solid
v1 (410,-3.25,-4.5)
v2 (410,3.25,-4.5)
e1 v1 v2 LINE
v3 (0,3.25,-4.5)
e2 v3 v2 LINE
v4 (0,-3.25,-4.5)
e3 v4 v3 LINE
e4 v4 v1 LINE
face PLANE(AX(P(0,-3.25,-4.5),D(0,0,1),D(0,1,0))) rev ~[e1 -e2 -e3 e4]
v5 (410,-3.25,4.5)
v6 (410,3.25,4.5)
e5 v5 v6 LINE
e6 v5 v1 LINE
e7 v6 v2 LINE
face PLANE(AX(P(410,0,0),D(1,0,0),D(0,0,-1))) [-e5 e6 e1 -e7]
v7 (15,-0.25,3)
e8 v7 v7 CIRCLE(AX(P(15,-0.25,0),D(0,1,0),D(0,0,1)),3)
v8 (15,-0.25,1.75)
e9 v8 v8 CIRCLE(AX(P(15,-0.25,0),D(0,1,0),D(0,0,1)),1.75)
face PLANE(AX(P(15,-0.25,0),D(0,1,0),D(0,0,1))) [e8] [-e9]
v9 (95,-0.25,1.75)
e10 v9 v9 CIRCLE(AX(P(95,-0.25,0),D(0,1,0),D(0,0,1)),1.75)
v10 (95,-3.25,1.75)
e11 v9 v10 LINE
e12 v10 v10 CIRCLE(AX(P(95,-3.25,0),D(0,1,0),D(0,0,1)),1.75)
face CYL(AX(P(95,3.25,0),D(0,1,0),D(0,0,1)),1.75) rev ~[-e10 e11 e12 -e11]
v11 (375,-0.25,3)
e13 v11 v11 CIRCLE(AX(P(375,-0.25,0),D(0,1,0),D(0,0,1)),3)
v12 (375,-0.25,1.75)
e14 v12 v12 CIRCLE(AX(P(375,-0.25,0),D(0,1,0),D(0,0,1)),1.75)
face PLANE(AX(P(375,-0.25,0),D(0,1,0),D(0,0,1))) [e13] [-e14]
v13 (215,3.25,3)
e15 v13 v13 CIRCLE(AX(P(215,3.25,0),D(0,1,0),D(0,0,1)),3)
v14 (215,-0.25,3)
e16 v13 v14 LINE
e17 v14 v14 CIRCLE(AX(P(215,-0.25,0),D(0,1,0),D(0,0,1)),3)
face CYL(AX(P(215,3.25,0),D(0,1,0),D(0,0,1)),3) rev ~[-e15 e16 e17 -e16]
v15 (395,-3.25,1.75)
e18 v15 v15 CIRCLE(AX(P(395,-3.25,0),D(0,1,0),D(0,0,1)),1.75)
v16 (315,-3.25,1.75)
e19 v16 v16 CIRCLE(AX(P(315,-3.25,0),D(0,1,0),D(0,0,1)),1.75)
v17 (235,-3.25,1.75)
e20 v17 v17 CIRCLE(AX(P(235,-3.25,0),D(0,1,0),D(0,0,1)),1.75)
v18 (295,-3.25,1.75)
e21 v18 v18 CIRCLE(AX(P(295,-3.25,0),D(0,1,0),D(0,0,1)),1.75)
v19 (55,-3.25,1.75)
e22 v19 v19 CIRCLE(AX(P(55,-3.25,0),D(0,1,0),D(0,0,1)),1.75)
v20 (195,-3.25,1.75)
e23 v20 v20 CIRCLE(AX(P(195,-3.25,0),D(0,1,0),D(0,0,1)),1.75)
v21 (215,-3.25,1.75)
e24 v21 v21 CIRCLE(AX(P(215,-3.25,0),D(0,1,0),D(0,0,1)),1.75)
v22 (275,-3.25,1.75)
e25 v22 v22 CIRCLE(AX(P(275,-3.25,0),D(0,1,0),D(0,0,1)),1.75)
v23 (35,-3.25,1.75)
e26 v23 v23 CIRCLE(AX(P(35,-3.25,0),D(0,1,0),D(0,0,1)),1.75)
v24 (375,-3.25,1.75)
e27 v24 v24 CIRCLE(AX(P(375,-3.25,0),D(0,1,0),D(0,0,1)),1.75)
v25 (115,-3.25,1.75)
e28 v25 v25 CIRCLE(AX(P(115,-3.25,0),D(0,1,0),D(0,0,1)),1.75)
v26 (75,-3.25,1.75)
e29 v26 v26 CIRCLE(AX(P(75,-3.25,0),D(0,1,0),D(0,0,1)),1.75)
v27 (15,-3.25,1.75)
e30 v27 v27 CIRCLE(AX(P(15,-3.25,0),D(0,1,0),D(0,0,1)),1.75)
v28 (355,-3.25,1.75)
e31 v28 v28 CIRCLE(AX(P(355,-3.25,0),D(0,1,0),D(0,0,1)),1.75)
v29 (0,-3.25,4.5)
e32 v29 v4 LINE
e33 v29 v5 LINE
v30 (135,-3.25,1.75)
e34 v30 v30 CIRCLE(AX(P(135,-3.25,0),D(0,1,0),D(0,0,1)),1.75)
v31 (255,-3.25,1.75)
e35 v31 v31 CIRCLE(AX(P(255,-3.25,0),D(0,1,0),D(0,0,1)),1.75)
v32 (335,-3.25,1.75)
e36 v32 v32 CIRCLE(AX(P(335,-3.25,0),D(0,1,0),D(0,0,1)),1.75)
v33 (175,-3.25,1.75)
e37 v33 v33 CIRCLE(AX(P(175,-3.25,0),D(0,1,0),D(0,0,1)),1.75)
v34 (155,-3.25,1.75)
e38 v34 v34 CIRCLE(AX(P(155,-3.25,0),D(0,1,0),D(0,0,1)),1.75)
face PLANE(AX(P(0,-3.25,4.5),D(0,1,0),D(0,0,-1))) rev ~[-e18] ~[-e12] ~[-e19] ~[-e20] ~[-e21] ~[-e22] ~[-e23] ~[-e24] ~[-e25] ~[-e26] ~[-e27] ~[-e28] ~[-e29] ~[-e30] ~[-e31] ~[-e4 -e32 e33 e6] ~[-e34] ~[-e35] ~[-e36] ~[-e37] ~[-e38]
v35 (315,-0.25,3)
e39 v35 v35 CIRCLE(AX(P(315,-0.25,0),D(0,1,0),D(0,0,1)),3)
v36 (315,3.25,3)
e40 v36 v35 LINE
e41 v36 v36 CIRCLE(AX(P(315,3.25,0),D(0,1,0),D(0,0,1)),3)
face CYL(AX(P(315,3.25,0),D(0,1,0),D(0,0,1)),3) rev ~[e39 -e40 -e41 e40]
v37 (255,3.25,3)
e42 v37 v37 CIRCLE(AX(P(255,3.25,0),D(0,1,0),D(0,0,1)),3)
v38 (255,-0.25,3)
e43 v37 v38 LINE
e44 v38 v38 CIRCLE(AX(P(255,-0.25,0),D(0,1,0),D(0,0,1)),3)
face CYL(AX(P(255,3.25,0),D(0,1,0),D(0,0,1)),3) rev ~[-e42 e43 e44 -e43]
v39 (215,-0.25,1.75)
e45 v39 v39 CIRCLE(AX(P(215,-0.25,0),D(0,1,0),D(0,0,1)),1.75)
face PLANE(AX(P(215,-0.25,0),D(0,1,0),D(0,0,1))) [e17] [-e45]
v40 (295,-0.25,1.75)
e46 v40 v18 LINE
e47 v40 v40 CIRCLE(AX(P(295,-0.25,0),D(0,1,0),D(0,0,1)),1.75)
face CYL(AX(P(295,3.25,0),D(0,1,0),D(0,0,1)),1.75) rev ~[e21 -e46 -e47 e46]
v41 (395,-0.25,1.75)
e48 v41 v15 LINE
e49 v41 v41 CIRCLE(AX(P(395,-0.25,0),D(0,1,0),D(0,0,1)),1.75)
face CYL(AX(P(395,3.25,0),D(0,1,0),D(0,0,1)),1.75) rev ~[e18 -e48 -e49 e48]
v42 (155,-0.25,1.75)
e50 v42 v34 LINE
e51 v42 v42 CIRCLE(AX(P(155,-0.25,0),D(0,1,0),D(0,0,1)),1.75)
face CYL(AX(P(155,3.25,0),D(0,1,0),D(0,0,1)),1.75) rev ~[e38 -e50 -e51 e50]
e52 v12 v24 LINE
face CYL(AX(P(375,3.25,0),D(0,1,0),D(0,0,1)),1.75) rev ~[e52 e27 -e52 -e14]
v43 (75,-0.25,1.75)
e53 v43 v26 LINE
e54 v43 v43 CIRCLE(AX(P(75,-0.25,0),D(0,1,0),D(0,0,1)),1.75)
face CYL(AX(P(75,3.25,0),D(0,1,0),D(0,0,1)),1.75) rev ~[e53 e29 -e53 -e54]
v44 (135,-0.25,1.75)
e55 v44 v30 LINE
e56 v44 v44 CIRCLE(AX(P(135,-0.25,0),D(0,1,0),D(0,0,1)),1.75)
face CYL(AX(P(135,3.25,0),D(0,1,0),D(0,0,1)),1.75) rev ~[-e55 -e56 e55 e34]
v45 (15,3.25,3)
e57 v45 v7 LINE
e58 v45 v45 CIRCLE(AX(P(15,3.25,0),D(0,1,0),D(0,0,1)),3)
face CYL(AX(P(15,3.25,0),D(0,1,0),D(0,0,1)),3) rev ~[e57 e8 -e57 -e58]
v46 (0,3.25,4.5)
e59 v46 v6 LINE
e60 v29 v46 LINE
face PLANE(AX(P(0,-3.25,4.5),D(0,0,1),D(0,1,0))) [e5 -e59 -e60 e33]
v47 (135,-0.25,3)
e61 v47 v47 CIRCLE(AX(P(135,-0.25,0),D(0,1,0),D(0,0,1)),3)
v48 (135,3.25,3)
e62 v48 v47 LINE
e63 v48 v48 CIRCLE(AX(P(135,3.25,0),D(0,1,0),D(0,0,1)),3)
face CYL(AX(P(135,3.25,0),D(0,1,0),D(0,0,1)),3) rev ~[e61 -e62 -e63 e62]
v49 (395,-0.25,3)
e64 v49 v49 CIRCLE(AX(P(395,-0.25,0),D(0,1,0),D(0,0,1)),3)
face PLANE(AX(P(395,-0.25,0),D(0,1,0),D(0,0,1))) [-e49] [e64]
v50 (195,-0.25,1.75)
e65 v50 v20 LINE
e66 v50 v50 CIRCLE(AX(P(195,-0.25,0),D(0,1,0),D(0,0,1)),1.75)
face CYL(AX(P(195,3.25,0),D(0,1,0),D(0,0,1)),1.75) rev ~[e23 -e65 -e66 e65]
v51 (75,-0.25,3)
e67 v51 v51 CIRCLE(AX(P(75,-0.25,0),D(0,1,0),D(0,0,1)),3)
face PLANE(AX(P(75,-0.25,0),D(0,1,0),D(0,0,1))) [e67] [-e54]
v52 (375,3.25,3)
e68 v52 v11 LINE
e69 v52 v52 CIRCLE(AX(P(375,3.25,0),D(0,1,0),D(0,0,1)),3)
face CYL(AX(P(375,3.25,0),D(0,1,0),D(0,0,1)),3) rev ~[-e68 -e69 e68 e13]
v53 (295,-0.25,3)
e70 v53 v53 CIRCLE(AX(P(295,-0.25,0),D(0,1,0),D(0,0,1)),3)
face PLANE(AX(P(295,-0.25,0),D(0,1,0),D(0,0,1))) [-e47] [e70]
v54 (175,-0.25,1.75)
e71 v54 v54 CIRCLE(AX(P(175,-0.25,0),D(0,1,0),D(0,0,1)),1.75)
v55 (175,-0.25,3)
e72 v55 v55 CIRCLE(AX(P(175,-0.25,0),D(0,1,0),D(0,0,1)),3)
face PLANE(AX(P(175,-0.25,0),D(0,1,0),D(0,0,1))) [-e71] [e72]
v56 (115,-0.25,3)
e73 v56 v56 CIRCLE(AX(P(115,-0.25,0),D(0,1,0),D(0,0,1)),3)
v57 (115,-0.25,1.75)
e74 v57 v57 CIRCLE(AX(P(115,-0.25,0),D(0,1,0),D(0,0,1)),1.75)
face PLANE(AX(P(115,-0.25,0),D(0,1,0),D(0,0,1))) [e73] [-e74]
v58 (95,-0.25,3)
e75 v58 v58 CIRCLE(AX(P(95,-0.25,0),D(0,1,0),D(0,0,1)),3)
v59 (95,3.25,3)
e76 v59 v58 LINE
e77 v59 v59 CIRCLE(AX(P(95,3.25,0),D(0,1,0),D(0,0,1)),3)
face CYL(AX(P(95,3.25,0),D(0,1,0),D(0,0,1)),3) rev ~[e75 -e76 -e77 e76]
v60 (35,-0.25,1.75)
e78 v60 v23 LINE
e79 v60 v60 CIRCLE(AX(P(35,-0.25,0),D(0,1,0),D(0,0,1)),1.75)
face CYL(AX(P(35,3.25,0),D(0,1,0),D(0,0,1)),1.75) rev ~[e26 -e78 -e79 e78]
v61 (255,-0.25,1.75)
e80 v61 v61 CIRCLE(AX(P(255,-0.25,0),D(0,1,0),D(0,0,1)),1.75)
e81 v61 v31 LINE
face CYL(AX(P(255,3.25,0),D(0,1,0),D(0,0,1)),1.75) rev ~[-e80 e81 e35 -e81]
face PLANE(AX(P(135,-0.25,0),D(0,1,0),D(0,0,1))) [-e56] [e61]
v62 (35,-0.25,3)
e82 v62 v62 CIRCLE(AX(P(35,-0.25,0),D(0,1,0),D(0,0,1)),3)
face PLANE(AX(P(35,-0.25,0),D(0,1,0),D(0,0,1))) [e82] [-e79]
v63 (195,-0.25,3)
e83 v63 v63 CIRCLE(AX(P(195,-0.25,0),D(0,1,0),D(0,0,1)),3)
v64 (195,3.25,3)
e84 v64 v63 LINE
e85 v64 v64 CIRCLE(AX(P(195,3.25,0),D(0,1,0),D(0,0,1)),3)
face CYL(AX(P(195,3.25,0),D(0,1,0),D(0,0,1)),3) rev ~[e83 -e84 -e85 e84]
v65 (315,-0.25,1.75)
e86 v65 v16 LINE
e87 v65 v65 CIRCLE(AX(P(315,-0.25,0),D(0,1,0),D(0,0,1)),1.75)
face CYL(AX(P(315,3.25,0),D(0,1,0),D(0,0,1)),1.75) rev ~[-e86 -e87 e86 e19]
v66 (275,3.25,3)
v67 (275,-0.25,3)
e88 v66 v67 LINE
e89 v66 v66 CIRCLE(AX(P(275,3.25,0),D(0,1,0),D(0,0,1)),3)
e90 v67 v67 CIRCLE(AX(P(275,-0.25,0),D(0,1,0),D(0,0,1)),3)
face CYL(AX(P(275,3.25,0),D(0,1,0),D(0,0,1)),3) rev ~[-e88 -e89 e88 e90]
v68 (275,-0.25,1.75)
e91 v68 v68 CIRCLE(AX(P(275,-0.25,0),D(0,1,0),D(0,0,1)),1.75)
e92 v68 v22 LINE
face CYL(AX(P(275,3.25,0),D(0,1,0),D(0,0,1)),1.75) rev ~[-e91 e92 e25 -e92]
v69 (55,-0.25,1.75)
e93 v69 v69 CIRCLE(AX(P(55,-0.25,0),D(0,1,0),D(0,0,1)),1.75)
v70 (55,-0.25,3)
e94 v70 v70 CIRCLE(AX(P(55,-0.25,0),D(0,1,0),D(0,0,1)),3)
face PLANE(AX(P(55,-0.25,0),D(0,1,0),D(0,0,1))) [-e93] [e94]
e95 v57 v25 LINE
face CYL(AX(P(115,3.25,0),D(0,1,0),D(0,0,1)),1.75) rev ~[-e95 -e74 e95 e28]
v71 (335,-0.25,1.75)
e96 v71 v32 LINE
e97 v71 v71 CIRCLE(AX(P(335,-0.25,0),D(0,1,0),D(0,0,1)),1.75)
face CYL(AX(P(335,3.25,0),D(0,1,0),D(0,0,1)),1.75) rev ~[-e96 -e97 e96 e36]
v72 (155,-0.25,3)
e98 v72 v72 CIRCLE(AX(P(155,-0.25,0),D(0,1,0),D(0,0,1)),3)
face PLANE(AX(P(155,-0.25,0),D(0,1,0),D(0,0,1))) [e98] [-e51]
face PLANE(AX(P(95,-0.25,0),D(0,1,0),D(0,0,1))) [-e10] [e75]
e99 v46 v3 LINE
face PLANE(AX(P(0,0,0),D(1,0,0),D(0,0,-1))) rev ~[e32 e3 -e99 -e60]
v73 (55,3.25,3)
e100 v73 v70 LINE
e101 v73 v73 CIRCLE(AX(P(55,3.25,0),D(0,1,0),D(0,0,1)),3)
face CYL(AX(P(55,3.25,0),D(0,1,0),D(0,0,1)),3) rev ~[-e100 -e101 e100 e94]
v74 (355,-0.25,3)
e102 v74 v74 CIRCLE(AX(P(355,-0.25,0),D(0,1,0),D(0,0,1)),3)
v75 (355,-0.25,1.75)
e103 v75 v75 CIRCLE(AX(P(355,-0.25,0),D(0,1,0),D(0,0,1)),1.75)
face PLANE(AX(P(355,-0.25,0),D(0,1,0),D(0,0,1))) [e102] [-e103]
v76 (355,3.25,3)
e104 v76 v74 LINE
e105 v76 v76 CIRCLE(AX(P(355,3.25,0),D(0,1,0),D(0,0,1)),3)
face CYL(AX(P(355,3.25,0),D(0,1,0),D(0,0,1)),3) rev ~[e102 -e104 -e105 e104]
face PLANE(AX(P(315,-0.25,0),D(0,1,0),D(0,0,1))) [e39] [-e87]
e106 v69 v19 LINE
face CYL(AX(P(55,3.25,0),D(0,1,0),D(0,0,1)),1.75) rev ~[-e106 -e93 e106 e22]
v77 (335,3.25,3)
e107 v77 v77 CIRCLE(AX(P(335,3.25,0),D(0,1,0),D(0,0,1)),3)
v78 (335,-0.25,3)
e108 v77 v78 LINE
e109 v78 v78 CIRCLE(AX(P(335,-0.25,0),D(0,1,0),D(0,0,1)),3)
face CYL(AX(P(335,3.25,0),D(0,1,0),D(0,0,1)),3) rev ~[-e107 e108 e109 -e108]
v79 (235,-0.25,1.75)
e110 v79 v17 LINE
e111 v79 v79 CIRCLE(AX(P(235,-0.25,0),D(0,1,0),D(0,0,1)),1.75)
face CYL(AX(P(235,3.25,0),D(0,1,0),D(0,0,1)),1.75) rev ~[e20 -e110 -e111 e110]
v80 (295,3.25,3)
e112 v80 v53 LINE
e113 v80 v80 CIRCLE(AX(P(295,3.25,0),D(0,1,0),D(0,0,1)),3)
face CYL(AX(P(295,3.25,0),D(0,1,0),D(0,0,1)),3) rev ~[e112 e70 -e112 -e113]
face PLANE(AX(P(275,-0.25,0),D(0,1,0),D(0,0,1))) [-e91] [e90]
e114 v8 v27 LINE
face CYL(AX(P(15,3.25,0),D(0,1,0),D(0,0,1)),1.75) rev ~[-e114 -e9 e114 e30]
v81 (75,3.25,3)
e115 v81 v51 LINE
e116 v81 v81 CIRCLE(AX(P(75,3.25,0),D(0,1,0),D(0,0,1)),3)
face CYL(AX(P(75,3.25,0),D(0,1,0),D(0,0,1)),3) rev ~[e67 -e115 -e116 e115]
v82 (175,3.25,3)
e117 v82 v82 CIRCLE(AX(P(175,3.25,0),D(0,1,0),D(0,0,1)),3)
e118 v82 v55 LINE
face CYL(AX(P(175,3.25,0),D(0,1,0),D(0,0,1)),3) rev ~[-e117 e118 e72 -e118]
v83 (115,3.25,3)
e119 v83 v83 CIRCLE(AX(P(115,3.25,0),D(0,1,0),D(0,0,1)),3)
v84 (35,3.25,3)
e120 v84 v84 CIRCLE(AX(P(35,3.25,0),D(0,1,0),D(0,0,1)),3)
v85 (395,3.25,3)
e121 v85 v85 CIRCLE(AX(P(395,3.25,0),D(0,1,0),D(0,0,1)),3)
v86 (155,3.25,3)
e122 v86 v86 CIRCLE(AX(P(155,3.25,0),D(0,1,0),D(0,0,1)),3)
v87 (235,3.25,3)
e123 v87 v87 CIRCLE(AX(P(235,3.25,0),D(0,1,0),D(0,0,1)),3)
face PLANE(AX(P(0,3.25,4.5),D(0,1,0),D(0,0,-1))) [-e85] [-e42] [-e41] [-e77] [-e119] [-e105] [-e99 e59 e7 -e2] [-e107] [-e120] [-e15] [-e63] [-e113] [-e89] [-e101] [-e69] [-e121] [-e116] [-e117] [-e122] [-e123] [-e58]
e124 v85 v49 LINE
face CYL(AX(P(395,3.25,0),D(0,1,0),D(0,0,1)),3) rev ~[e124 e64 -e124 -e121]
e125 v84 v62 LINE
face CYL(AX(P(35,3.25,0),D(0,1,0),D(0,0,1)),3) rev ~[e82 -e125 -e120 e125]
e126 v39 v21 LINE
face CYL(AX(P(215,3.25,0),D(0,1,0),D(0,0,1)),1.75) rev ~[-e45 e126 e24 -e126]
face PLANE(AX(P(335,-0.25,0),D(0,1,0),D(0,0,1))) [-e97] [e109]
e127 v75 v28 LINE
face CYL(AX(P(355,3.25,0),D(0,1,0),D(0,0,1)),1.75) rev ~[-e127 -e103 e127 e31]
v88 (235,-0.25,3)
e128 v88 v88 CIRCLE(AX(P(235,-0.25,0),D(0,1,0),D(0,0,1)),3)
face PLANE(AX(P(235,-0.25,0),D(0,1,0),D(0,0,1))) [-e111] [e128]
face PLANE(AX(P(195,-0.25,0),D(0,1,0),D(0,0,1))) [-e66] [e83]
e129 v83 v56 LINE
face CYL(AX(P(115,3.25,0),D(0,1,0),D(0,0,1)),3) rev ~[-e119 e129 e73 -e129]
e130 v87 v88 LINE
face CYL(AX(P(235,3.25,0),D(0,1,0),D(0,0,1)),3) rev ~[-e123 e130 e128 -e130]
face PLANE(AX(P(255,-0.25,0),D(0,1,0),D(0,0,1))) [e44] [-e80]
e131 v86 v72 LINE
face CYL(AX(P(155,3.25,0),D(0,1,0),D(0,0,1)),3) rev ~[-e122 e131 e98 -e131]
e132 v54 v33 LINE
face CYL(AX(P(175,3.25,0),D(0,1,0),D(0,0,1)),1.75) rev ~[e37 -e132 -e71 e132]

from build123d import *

# Parameters (mm, degrees)
SKETCH_2_W          = 9
SKETCH_2_H          = 6.5
EXTRUDE_1_DEPTH     = 410
SKETCH_3_R          = 3
CUT_EXTRUDE_1_DEPTH = 3.5
SKETCH_4_R          = 1.75
CUT_EXTRUDE_2_DEPTH = 411.076212429


with BuildPart() as part:
    # 草图2 → 凸台-拉伸1 (new body)
    with BuildSketch(Plane(origin=(0, 0, 0), x_dir=(0, 0, -1), z_dir=(1, 0, 0))):
        Rectangle(SKETCH_2_W, SKETCH_2_H)
    extrude(amount=EXTRUDE_1_DEPTH)

    # 草图3 → 切除-拉伸1 (cut)
    with BuildSketch(Plane(origin=(0, 3.25, 0), x_dir=(1, 0, 0), z_dir=(0, 1, 0))):
        with Locations(Location((15, 0, 0), (0, 0, 270))):
            Circle(SKETCH_3_R)
        with Locations(Location((35, 0, 0), (0, 0, 270))):
            Circle(SKETCH_3_R)
        with Locations(Location((55, 0, 0), (0, 0, 270))):
            Circle(SKETCH_3_R)
        with Locations(Location((75, 0, 0), (0, 0, 270))):
            Circle(SKETCH_3_R)
        with Locations(Location((95, 0, 0), (0, 0, 270))):
            Circle(SKETCH_3_R)
        with Locations(Location((115, 0, 0), (0, 0, 270))):
            Circle(SKETCH_3_R)
        with Locations(Location((135, 0, 0), (0, 0, 270))):
            Circle(SKETCH_3_R)
        with Locations(Location((155, 0, 0), (0, 0, 270))):
            Circle(SKETCH_3_R)
        with Locations(Location((175, 0, 0), (0, 0, 270))):
            Circle(SKETCH_3_R)
        with Locations(Location((195, 0, 0), (0, 0, 270))):
            Circle(SKETCH_3_R)
        with Locations(Location((215, 0, 0), (0, 0, 270))):
            Circle(SKETCH_3_R)
        with Locations(Location((235, 0, 0), (0, 0, 270))):
            Circle(SKETCH_3_R)
        with Locations(Location((255, 0, 0), (0, 0, 270))):
            Circle(SKETCH_3_R)
        with Locations(Location((275, 0, 0), (0, 0, 270))):
            Circle(SKETCH_3_R)
        with Locations(Location((295, 0, 0), (0, 0, 270))):
            Circle(SKETCH_3_R)
        with Locations(Location((315, 0, 0), (0, 0, 270))):
            Circle(SKETCH_3_R)
        with Locations(Location((335, 0, 0), (0, 0, 270))):
            Circle(SKETCH_3_R)
        with Locations(Location((355, 0, 0), (0, 0, 270))):
            Circle(SKETCH_3_R)
        with Locations(Location((375, 0, 0), (0, 0, 270))):
            Circle(SKETCH_3_R)
        with Locations(Location((395, 0, 0), (0, 0, 270))):
            Circle(SKETCH_3_R)
    extrude(amount=-CUT_EXTRUDE_1_DEPTH, mode=Mode.SUBTRACT)

    # 草图4 → 切除-拉伸2 (cut, through all)
    with BuildSketch(Plane(origin=(0, 3.25, 0), x_dir=(1, 0, 0), z_dir=(0, 1, 0))):
        with Locations(Location((15, 0, 0), (0, 0, 270))):
            Circle(SKETCH_4_R)
        with Locations(Location((35, 0, 0), (0, 0, 270))):
            Circle(SKETCH_4_R)
        with Locations(Location((55, 0, 0), (0, 0, 270))):
            Circle(SKETCH_4_R)
        with Locations(Location((75, 0, 0), (0, 0, 270))):
            Circle(SKETCH_4_R)
        with Locations(Location((95, 0, 0), (0, 0, 270))):
            Circle(SKETCH_4_R)
        with Locations(Location((115, 0, 0), (0, 0, 270))):
            Circle(SKETCH_4_R)
        with Locations(Location((135, 0, 0), (0, 0, 270))):
            Circle(SKETCH_4_R)
        with Locations(Location((155, 0, 0), (0, 0, 270))):
            Circle(SKETCH_4_R)
        with Locations(Location((175, 0, 0), (0, 0, 270))):
            Circle(SKETCH_4_R)
        with Locations(Location((195, 0, 0), (0, 0, 270))):
            Circle(SKETCH_4_R)
        with Locations(Location((215, 0, 0), (0, 0, 270))):
            Circle(SKETCH_4_R)
        with Locations(Location((235, 0, 0), (0, 0, 270))):
            Circle(SKETCH_4_R)
        with Locations(Location((255, 0, 0), (0, 0, 270))):
            Circle(SKETCH_4_R)
        with Locations(Location((275, 0, 0), (0, 0, 270))):
            Circle(SKETCH_4_R)
        with Locations(Location((295, 0, 0), (0, 0, 270))):
            Circle(SKETCH_4_R)
        with Locations(Location((315, 0, 0), (0, 0, 270))):
            Circle(SKETCH_4_R)
        with Locations(Location((335, 0, 0), (0, 0, 270))):
            Circle(SKETCH_4_R)
        with Locations(Location((355, 0, 0), (0, 0, 270))):
            Circle(SKETCH_4_R)
        with Locations(Location((375, 0, 0), (0, 0, 270))):
            Circle(SKETCH_4_R)
        with Locations(Location((395, 0, 0), (0, 0, 270))):
            Circle(SKETCH_4_R)
    extrude(amount=-CUT_EXTRUDE_2_DEPTH, mode=Mode.SUBTRACT)


solid = part.part
